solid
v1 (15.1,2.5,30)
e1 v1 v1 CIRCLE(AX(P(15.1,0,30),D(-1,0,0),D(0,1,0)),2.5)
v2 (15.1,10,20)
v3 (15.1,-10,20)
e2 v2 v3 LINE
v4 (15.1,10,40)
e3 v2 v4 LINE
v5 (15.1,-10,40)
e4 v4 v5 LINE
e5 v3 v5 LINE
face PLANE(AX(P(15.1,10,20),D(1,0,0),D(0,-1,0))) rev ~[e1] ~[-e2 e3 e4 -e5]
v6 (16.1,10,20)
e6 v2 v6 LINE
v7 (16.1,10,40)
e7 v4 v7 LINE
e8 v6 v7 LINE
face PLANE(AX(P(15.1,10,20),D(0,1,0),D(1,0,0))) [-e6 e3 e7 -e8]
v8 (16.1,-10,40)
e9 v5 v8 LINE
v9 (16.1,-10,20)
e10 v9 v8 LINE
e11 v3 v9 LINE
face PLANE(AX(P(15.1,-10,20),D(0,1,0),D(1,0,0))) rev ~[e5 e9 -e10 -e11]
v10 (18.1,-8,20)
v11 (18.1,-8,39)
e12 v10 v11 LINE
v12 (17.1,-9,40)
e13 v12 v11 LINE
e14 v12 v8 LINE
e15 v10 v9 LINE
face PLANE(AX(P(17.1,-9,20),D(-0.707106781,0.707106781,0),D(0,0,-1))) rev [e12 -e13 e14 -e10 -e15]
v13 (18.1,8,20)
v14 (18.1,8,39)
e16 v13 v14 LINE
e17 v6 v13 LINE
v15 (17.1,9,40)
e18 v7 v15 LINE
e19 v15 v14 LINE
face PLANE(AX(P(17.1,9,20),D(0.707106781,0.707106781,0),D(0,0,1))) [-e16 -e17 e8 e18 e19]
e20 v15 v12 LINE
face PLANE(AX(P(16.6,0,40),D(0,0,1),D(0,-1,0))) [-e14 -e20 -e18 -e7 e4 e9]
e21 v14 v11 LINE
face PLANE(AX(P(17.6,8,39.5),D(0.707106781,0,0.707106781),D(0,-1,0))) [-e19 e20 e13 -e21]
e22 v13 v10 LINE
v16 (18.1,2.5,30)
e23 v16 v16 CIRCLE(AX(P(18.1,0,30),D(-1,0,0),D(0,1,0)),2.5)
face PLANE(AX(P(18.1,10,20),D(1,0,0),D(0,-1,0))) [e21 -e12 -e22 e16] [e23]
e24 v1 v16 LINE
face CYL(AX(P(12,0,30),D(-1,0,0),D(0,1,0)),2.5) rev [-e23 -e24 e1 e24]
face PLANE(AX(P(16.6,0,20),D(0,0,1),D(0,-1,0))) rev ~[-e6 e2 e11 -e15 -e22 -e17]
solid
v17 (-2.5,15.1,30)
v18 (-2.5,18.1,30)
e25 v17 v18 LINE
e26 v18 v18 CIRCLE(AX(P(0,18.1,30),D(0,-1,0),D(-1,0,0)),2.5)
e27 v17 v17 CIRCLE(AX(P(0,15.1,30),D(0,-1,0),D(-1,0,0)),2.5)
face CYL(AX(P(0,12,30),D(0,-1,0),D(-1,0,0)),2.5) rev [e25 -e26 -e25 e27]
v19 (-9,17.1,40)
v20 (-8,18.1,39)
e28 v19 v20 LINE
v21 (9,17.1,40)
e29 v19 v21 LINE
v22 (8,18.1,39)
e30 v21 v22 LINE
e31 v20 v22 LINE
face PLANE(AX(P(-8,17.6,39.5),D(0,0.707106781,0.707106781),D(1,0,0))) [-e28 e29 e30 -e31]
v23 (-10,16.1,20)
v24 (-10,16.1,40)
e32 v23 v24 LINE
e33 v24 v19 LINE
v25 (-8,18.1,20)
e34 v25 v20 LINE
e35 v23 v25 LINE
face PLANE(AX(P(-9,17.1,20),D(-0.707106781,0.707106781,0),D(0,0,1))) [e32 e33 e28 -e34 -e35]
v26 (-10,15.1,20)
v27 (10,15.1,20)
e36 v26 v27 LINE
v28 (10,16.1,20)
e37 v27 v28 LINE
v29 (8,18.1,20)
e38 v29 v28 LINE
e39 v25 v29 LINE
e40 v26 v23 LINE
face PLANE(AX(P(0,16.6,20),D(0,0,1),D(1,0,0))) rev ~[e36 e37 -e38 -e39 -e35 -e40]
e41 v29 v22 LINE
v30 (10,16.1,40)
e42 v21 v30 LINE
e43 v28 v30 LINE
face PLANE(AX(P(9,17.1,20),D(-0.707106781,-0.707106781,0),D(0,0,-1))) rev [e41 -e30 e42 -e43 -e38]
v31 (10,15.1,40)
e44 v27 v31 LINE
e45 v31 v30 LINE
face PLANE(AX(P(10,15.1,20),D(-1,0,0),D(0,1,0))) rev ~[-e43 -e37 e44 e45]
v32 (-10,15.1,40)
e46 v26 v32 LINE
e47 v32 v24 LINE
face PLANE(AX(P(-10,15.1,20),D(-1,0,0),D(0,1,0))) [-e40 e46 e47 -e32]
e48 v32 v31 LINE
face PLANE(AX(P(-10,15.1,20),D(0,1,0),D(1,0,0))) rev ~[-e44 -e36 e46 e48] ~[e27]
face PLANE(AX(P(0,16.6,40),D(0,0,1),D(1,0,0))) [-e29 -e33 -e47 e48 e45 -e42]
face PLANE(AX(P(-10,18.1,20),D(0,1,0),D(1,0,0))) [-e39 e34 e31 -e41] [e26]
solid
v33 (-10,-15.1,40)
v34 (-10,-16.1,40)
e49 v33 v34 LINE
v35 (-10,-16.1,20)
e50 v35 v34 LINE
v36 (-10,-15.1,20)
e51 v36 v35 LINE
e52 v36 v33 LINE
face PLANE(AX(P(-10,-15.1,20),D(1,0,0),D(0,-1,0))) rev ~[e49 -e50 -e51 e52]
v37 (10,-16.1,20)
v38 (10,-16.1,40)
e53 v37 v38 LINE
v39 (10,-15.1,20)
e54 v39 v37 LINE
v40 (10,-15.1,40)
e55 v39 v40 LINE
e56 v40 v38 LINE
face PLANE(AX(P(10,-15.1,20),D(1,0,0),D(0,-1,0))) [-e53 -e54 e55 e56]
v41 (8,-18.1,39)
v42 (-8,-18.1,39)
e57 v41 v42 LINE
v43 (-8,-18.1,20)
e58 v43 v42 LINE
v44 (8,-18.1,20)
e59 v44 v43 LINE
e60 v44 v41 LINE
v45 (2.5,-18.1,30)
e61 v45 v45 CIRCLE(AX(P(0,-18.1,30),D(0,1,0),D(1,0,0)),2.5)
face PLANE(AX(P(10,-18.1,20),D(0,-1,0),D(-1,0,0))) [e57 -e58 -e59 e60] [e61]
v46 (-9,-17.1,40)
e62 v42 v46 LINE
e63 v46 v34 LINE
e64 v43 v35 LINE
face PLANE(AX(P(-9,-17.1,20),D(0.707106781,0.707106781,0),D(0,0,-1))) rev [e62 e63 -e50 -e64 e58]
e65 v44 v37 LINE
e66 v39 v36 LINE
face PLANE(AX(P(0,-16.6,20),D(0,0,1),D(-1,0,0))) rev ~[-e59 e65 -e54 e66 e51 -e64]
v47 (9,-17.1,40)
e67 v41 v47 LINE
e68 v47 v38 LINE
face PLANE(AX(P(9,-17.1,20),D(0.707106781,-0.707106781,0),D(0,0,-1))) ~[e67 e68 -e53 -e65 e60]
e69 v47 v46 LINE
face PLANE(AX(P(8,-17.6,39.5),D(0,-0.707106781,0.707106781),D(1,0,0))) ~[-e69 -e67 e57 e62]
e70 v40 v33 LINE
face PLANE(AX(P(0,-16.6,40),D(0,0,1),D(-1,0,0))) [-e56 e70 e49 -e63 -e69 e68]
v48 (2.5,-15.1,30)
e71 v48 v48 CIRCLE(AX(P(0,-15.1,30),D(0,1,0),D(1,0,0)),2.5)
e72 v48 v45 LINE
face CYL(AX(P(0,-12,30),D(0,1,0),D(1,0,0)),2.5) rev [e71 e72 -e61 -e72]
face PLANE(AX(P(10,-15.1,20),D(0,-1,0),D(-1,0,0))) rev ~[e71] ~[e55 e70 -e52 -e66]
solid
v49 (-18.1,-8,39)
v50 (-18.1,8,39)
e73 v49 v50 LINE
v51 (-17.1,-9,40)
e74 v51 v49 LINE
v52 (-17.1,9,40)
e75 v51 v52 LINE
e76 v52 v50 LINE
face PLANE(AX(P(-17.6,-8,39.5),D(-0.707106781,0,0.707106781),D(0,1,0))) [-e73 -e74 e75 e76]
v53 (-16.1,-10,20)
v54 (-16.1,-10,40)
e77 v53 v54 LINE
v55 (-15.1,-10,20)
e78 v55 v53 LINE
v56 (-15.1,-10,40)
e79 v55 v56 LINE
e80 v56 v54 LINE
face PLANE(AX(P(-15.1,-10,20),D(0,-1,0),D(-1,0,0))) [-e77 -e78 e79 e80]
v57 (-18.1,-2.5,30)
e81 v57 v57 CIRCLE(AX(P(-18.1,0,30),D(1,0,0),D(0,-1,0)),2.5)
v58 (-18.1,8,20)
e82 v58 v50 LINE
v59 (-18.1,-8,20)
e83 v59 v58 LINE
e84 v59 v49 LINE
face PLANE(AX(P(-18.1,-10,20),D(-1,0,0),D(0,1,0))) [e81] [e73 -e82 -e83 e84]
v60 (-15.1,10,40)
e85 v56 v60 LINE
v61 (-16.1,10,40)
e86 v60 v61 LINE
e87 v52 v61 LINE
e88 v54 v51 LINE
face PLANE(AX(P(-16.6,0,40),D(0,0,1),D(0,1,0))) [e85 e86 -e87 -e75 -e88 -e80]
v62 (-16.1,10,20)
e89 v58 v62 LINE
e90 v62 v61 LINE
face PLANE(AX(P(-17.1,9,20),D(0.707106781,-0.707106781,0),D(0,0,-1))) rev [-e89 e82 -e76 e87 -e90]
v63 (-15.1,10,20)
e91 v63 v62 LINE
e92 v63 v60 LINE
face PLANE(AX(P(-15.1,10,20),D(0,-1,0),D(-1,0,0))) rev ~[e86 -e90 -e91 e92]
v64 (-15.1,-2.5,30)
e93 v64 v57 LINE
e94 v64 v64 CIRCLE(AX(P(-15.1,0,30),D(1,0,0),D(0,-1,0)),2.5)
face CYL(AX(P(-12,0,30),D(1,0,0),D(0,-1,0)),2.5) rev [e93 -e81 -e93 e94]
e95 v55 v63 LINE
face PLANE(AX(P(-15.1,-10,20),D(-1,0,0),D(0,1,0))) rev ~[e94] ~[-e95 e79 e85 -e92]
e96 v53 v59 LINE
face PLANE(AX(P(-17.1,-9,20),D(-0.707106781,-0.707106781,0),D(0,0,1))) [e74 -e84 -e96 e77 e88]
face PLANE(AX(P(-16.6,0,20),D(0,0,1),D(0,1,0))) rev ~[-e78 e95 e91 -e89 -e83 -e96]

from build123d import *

# Parameters (mm, degrees)
CYLINDER002_R               = 2.5
CYLINDER002_DEPTH           = 10
CYLINDER003_R               = 2.5
CYLINDER003_DEPTH           = 10
CYLINDER003_ROLL_ANGLE      = 90
CYLINDER003_PLACEMENT_ANGLE = 180
CYLINDER004_R               = 2.5
CYLINDER004_DEPTH           = 10
CYLINDER004_ROLL_ANGLE      = 90
CYLINDER004_PITCH_ANGLE     = 0
CYLINDER004_PLACEMENT_ANGLE = -90
CYLINDER001_R               = 2.5
CYLINDER001_DEPTH           = 10
BOX002_W                    = 20
BOX002_H                    = 3
BOX002_DEPTH                = 20
BOX003_W                    = 20
BOX003_H                    = 3
BOX003_DEPTH                = 20
BOX004_W                    = 20
BOX004_H                    = 3
BOX004_DEPTH                = 20
BOX001_W                    = 20
BOX001_H                    = 3
BOX001_DEPTH                = 20
CHAMFER002_SIZE             = 2
CHAMFER003_SIZE             = 2
CHAMFER004_SIZE             = 1


with BuildPart() as v_lec002:
    # Cylinder002 → Cylinder002 (new body)
    with BuildSketch(Plane(origin=(12, 0, 30), x_dir=(0, 1, 0), z_dir=(1, 0, 0))):
        Circle(CYLINDER002_R)
    extrude(amount=CYLINDER002_DEPTH)


with BuildPart() as v_lec003:
    # Cylinder003 → Cylinder003 (new body)
    with BuildSketch(Plane.XY):
        Circle(CYLINDER003_R)
    extrude(amount=CYLINDER003_DEPTH)


with BuildPart() as v_lec003_1:
    # Cylinder003 roll: moved
    add(v_lec003.part.rotate(Axis((0, 0, 0), (1, 0, 0)), CYLINDER003_ROLL_ANGLE))


with BuildPart() as v_lec003_2:
    # Cylinder003 placement: moved
    add(v_lec003_1.part.moved(Location((0, 12, 30))).rotate(Axis((0, 12, 30), (0, 0, 1)), CYLINDER003_PLACEMENT_ANGLE))


with BuildPart() as v_lec004:
    # Cylinder004 → Cylinder004 (new body)
    with BuildSketch(Plane.XY):
        Circle(CYLINDER004_R)
    extrude(amount=CYLINDER004_DEPTH)


with BuildPart() as v_lec004_1:
    # Cylinder004 roll: moved
    add(v_lec004.part.rotate(Axis((0, 0, 0), (1, 0, 0)), CYLINDER004_ROLL_ANGLE))


with BuildPart() as v_lec004_2:
    # Cylinder004 pitch: moved
    add(v_lec004_1.part.rotate(Axis((0, 0, 0), (0, 1, 0)), CYLINDER004_PITCH_ANGLE))


with BuildPart() as v_lec004_3:
    # Cylinder004 placement: moved
    add(v_lec004_2.part.moved(Location((-12, 0, 30))).rotate(Axis((-12, 0, 30), (0, 0, 1)), CYLINDER004_PLACEMENT_ANGLE))


with BuildPart() as compound001:
    # Cylinder001 → Cylinder001 (new body)
    with BuildSketch(Plane(origin=(0, -12, 30), x_dir=(1, 0, 0), z_dir=(0, -1, 0))):
        Circle(CYLINDER001_R)
    extrude(amount=CYLINDER001_DEPTH)

    # Compound001: union Válec002, Válec003, Válec004
    add(v_lec002.part)
    add(v_lec003_2.part)
    add(v_lec004_3.part)


with BuildPart() as krychle002:
    # Box002 → Box002 (new body)
    with BuildSketch(Plane(origin=(-15.1, -10, 20), x_dir=(0, 1, 0), z_dir=(0, 0, 1))):
        with Locations((10, 1.5)):
            Rectangle(BOX002_W, BOX002_H)
    extrude(amount=BOX002_DEPTH)


with BuildPart() as krychle003:
    # Box003 → Box003 (new body)
    with BuildSketch(Plane(origin=(10, -15.1, 20), x_dir=(-1, 0, 0), z_dir=(0, 0, 1))):
        with Locations((10, 1.5)):
            Rectangle(BOX003_W, BOX003_H)
    extrude(amount=BOX003_DEPTH)


with BuildPart() as krychle004:
    # Box004 → Box004 (new body)
    with BuildSketch(Plane(origin=(15.1, 10, 20), x_dir=(0, -1, 0), z_dir=(0, 0, 1))):
        with Locations((10, 1.5)):
            Rectangle(BOX004_W, BOX004_H)
    extrude(amount=BOX004_DEPTH)


with BuildPart() as chamfer004:
    # Box001 → Box001 (new body)
    with BuildSketch(Plane(origin=(-10, 15.1, 20), x_dir=(1, 0, 0), z_dir=(0, 0, 1))):
        with Locations((10, 1.5)):
            Rectangle(BOX001_W, BOX001_H)
    extrude(amount=BOX001_DEPTH)

    # Compound725: union Krychle002, Krychle003, Krychle004
    add(krychle002.part)
    add(krychle003.part)
    add(krychle004.part)

    # Cut001: cut Compound001
    add(compound001.part, mode=Mode.SUBTRACT)

    # Chamfer002
    chamfer002_edges = [chamfer004.edges().sort_by_distance(p)[0] for p in [
        (-10, 18.1, 30),
        (10, 18.1, 30),
        (-18.1, -10, 30),
        (-18.1, 10, 30),
        (-10, -18.1, 30),
    ]]
    chamfer(chamfer002_edges, length=CHAMFER002_SIZE)

    # Chamfer003
    chamfer003_edges = [chamfer004.edges().sort_by_distance(p)[0] for p in [
        (10, -18.1, 30),
        (18.1, 10, 30),
        (18.1, -10, 30),
    ]]
    chamfer(chamfer003_edges, length=CHAMFER003_SIZE)

    # Chamfer004
    chamfer004_edges = [chamfer004.edges().sort_by_distance(p)[0] for p in [
        (0, -18.1, 40),
        (18.1, 0, 40),
        (0, 18.1, 40),
        (-18.1, 0, 40),
    ]]
    chamfer(chamfer004_edges, length=CHAMFER004_SIZE)


solid = chamfer004.part
